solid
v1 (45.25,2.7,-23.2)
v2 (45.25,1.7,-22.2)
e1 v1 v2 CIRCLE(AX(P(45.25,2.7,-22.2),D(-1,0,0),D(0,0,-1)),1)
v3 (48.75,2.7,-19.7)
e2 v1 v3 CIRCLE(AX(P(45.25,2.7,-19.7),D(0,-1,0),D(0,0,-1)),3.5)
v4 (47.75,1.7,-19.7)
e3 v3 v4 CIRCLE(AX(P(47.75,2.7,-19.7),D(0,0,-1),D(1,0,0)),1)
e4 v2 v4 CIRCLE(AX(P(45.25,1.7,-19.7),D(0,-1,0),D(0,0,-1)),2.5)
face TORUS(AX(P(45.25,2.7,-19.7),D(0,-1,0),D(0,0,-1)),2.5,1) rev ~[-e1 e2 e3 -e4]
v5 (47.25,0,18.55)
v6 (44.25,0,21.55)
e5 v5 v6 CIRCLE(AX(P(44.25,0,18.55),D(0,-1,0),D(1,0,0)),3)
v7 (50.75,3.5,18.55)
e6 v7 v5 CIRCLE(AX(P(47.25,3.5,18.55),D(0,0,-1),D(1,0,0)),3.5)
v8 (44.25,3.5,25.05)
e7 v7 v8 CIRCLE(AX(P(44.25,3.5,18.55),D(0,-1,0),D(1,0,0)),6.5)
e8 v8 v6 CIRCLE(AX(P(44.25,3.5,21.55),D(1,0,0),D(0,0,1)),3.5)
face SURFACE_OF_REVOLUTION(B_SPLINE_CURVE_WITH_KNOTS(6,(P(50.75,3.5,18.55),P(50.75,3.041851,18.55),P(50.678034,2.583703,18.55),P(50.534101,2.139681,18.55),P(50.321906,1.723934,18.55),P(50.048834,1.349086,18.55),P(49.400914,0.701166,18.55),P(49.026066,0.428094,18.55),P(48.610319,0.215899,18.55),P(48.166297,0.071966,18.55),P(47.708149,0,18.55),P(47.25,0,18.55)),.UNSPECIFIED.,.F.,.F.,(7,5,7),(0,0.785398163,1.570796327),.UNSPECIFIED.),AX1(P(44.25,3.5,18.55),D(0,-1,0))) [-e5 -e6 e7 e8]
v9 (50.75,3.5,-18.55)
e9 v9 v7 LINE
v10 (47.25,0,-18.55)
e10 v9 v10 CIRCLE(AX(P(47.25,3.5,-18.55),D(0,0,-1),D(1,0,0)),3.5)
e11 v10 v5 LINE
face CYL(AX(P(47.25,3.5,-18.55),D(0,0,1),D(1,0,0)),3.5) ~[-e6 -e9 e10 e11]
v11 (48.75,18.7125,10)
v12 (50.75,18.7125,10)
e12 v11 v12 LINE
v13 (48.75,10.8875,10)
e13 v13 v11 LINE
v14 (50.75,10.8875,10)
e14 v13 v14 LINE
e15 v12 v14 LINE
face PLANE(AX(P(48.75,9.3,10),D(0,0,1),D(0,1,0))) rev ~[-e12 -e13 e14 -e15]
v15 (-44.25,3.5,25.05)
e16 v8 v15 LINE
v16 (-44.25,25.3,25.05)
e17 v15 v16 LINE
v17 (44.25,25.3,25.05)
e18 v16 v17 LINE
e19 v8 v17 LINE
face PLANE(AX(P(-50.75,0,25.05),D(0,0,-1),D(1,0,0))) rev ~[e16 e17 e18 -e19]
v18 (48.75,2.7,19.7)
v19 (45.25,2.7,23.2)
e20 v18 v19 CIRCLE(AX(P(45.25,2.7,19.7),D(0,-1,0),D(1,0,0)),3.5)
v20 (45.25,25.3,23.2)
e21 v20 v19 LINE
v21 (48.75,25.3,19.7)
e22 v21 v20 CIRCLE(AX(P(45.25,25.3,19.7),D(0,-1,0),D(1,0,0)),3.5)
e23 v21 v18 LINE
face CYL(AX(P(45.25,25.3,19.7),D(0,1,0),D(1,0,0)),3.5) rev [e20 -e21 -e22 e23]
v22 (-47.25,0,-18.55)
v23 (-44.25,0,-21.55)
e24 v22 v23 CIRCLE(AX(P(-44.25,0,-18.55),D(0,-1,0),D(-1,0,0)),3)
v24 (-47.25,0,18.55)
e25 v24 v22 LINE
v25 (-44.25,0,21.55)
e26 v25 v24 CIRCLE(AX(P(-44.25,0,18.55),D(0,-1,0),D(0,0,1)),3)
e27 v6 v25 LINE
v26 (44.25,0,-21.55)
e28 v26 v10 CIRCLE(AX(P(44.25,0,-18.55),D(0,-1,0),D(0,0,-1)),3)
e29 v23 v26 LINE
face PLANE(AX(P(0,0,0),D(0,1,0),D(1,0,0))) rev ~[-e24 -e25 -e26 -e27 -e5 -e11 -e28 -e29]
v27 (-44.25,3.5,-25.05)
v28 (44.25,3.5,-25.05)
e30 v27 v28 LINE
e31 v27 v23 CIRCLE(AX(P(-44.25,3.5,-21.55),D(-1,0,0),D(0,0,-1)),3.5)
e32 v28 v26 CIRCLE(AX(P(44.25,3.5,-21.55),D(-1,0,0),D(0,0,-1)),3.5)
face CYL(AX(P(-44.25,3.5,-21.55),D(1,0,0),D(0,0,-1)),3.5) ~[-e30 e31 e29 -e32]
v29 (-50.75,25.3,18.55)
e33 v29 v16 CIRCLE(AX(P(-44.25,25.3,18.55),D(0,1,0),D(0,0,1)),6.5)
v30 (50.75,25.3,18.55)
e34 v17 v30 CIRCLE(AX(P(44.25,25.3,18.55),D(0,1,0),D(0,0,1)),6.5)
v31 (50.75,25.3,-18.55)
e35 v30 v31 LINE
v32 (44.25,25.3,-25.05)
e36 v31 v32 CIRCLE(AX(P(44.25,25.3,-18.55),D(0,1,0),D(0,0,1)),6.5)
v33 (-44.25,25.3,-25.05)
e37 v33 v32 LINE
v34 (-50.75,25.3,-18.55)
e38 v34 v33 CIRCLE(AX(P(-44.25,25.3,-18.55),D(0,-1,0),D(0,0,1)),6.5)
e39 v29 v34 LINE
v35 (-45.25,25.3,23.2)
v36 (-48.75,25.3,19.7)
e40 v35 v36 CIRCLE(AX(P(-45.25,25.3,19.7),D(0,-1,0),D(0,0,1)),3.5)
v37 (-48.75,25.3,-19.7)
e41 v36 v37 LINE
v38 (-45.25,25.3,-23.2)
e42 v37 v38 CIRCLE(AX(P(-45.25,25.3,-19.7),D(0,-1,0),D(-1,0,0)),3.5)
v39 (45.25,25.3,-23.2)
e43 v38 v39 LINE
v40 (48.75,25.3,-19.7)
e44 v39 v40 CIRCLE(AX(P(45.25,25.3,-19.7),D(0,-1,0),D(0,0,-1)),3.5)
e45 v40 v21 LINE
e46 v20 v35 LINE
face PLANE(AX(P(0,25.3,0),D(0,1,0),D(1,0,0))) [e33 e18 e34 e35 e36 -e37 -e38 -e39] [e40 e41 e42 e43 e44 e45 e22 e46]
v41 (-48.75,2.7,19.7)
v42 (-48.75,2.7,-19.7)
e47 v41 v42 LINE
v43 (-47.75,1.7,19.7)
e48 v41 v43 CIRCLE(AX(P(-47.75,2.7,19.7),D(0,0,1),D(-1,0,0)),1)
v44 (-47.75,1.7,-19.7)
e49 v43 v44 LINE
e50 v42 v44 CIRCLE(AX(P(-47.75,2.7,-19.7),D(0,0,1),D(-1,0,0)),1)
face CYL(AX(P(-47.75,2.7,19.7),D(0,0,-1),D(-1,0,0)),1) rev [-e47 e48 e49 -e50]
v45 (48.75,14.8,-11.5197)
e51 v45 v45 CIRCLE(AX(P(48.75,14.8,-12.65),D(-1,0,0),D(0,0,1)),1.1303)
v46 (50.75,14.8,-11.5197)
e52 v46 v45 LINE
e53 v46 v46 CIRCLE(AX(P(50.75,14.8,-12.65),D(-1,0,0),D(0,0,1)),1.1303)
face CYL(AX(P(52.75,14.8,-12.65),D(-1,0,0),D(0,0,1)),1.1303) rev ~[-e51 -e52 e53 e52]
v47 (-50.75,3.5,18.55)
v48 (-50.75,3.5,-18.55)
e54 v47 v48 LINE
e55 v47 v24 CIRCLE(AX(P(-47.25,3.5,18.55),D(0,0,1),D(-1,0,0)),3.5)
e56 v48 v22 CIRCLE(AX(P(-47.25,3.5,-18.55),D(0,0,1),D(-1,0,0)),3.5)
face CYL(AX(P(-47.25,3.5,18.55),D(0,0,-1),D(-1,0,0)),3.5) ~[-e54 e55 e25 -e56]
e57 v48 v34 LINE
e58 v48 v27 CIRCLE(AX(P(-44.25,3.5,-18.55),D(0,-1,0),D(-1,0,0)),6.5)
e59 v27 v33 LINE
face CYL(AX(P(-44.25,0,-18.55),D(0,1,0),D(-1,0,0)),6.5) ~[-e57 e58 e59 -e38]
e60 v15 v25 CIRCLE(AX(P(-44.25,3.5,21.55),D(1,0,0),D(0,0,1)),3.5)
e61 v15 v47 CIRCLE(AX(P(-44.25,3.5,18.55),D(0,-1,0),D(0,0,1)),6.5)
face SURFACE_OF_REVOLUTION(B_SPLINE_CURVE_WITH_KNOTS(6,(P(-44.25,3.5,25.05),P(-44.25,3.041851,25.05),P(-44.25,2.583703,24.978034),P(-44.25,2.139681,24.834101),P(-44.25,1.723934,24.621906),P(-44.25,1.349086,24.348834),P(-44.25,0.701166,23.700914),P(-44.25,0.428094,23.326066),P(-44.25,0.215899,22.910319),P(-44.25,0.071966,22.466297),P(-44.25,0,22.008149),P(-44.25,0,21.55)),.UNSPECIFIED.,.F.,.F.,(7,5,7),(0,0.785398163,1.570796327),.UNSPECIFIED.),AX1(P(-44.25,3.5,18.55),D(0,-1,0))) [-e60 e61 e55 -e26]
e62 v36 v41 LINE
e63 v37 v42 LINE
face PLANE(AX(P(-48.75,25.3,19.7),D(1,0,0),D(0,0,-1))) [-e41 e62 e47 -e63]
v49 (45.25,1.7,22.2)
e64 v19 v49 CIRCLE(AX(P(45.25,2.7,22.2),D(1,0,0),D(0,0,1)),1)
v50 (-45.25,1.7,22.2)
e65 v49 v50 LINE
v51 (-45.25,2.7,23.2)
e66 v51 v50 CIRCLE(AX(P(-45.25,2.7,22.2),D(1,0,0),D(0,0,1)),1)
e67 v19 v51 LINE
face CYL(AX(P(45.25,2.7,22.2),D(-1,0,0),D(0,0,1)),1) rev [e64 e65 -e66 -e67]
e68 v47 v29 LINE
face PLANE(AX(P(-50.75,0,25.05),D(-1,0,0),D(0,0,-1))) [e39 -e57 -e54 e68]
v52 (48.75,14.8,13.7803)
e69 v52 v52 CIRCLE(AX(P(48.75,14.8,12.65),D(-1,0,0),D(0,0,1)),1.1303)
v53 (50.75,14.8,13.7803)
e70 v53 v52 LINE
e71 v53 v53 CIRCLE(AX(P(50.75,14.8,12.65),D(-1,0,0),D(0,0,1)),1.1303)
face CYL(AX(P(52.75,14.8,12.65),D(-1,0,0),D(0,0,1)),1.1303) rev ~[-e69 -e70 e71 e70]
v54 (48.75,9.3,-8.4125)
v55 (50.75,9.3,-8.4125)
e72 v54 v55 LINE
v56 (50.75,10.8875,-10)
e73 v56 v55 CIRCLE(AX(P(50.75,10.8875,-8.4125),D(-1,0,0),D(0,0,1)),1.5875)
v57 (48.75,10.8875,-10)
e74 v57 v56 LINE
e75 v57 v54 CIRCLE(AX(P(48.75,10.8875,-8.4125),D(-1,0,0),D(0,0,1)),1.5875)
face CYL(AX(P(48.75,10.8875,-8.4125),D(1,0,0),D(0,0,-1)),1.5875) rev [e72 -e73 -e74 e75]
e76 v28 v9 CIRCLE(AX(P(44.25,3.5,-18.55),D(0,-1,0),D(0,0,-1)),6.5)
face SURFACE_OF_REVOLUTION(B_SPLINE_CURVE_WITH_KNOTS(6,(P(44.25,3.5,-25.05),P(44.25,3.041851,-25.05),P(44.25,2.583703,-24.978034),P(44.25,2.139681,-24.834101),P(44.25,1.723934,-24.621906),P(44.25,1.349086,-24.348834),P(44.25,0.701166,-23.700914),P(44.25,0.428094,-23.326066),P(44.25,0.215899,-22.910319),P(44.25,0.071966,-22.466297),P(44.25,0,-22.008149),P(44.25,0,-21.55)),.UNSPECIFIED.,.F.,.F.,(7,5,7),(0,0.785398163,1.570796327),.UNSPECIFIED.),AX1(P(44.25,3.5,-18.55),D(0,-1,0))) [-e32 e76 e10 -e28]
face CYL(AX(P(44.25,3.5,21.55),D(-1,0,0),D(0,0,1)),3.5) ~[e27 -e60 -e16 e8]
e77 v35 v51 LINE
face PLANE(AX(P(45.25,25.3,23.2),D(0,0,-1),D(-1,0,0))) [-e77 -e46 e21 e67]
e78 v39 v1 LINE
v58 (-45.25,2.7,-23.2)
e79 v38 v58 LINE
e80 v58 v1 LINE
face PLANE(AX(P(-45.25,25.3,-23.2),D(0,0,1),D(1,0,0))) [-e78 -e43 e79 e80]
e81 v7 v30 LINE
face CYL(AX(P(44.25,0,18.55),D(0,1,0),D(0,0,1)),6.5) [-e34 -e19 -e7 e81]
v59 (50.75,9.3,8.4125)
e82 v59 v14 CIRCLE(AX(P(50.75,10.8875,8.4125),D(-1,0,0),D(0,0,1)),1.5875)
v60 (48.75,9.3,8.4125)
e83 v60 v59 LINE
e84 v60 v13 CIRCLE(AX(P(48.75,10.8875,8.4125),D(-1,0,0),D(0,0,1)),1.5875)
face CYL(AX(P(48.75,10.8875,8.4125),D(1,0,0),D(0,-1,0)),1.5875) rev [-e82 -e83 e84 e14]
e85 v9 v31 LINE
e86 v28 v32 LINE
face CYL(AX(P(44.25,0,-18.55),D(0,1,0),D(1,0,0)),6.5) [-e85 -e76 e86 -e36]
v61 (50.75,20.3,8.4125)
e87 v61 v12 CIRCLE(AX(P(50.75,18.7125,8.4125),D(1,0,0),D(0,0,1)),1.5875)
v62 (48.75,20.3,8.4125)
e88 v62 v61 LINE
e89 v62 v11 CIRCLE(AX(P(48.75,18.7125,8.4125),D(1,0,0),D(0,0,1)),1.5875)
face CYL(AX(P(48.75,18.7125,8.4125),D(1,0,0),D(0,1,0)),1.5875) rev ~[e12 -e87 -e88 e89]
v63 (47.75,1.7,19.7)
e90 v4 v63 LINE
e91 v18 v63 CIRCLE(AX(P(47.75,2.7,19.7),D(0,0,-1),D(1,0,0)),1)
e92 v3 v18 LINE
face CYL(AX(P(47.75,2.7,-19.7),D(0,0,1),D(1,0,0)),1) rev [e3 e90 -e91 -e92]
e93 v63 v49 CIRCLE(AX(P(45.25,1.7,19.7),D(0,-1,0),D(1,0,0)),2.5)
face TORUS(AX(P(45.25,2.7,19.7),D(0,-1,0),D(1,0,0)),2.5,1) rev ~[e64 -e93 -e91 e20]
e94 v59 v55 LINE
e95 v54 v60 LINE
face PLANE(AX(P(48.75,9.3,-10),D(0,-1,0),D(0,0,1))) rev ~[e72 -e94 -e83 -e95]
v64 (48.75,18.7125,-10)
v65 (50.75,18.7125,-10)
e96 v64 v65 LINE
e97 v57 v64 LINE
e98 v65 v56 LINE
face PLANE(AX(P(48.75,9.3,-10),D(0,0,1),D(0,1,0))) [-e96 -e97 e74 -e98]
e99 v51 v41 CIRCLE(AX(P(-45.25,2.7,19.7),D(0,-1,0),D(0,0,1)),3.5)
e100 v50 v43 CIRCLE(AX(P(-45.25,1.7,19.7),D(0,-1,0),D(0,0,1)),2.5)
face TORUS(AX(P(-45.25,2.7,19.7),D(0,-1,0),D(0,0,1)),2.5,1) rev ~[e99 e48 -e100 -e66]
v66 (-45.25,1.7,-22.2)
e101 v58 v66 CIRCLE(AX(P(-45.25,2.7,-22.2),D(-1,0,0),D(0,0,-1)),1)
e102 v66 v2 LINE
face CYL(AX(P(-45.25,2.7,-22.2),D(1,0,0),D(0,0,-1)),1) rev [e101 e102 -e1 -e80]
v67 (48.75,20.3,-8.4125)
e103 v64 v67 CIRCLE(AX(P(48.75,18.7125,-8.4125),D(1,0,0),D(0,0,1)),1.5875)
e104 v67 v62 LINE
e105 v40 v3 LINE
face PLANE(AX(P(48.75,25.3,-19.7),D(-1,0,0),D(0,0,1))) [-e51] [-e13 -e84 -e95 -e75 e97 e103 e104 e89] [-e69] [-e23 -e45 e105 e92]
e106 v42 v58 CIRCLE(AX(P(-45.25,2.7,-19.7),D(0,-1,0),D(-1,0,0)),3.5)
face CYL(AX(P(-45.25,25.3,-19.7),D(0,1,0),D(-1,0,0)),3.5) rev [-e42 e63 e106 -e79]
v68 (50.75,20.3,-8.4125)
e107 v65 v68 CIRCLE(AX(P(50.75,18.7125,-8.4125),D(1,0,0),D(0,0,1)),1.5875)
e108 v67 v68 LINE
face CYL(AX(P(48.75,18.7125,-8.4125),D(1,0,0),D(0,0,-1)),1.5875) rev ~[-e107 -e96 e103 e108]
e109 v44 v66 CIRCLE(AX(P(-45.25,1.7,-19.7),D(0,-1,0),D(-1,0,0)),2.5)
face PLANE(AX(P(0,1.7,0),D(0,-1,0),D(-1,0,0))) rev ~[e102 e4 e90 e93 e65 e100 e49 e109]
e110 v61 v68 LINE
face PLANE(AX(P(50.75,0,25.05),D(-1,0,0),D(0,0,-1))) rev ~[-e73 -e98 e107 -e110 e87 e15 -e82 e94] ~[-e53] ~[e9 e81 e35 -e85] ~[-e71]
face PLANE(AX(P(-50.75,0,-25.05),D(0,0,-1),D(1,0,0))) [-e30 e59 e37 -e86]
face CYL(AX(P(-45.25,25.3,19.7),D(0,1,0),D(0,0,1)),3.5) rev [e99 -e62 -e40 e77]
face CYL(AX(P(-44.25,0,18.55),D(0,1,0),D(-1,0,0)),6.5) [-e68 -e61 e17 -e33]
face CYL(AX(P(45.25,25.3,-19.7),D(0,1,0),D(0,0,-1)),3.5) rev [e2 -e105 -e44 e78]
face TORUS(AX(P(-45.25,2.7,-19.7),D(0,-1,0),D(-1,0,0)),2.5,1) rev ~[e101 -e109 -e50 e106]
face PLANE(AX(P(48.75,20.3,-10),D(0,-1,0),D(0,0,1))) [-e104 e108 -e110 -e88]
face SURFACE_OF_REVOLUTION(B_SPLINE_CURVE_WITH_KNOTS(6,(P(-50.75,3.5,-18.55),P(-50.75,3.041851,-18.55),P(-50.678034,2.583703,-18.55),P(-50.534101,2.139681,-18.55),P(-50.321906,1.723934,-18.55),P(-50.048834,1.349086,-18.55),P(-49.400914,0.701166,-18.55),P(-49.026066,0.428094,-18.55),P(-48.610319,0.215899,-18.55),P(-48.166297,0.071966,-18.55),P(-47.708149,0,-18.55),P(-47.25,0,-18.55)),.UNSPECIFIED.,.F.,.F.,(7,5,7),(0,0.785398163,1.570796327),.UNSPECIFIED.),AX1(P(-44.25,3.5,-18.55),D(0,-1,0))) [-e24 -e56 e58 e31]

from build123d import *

# Parameters (mm, degrees)
SKETCH1_W                     = 101.5
SKETCH1_H                     = 50.1
BOSS_EXTRUDE1_DEPTH           = 25.3
FILLET1_R                     = 6.5
FILLET2_R                     = 3.5
CUT_EXTRUDE1_DEPTH            = 23.6
FILLET3_R                     = 1
CUT_EXTRUDE2_REACH            = 107.678
SKETCH3_W                     = 20
SKETCH3_H                     = 11
TAP_DRILL_FOR_4_40_TAP1_D     = 2.2606
TAP_DRILL_FOR_4_40_TAP1_DEPTH = 2
F_1_8_END_MILL_R              = 1.5875


with BuildPart() as part:
    # Sketch1 → Boss-Extrude1 (new body)
    with BuildSketch(Plane(origin=(0, 0, 0), x_dir=(1, 0, 0), z_dir=(0, 1, 0))):
        Rectangle(SKETCH1_W, SKETCH1_H)
    extrude(amount=BOSS_EXTRUDE1_DEPTH)

    # Fillet1
    fillet1_edges = [part.edges().sort_by_distance(p)[0] for p in [
        (50.75, 12.65, 25.05),
        (-50.75, 12.65, 25.05),
        (-50.75, 12.65, -25.05),
        (50.75, 12.65, -25.05),
    ]]
    fillet(fillet1_edges, radius=FILLET1_R)

    # Fillet2
    fillet2_edges = [part.edges().sort_by_distance(p)[0] for p in [
        (-50.75, 0, 0),
        (50.75, 0, 0),
        (0, 0, 25.05),
        (0, 0, -25.05),
        (48.846194078, 0, 23.146194078),
        (-48.846194078, 0, 23.146194078),
        (48.846194078, 0, -23.146194078),
        (-48.846194078, 0, -23.146194078),
    ]]
    fillet(fillet2_edges, radius=FILLET2_R)

    # Sketch2 → Cut-Extrude1 (cut)
    with BuildSketch(Plane(origin=(0, 25.3, 0), x_dir=(1, 0, 0), z_dir=(0, 1, 0))):
        with BuildLine():
            Line((-45.25, 23.2), (45.25, 23.2))
            ThreePointArc((45.25, 23.2), (47.724873734, 22.174873734), (48.75, 19.7))
            Line((48.75, 19.7), (48.75, -19.7))
            ThreePointArc((48.75, -19.7), (47.724873734, -22.174873734), (45.25, -23.2))
            Line((45.25, -23.2), (-45.25, -23.2))
            ThreePointArc((-45.25, -23.2), (-47.724873734, -22.174873734), (-48.75, -19.7))
            Line((-48.75, -19.7), (-48.75, 19.7))
            ThreePointArc((-48.75, 19.7), (-47.724873734, 22.174873734), (-45.25, 23.2))
        make_face()
    extrude(amount=-CUT_EXTRUDE1_DEPTH, mode=Mode.SUBTRACT)

    # Fillet3
    fillet3_edges = [part.edges().sort_by_distance(p)[0] for p in [
        (47.724873734, 1.7, -22.174873734),
        (48.75, 1.7, 0),
        (47.724873734, 1.7, 22.174873734),
        (0, 1.7, 23.2),
        (-47.724873734, 1.7, 22.174873734),
        (-48.75, 1.7, 0),
        (-47.724873734, 1.7, -22.174873734),
        (0, 1.7, -23.2),
    ]]
    fillet(fillet3_edges, radius=FILLET3_R)

    # Sketch3 → Cut-Extrude2 (cut, up to next)
    with BuildSketch(Plane.ZY.offset(-48.75), mode=Mode.PRIVATE) as cut_extrude2_sk1:
        with Locations((0, 14.8)):
            Rectangle(SKETCH3_W, SKETCH3_H)
    cut_extrude2_tool1 = extrude(cut_extrude2_sk1.sketch, amount=-CUT_EXTRUDE2_REACH, mode=Mode.PRIVATE) & part.part
    add(cut_extrude2_tool1.solids().sort_by_distance((48.75, 14.8, 0))[0], mode=Mode.SUBTRACT)

    # Tap Drill for #4-40 Tap1
    with Locations(Plane(origin=(50.75, 0, 0), x_dir=(0, 0, -1), z_dir=(1, 0, 0))):
        with Locations((-12.65, 14.8), (12.65, 14.8)):
            Hole(TAP_DRILL_FOR_4_40_TAP1_D / 2, depth=TAP_DRILL_FOR_4_40_TAP1_DEPTH)

    # 1/8" end mill
    f_1_8_end_mill_edges = [part.edges().sort_by_distance(p)[0] for p in [
        (49.75, 20.3, -10),
        (49.75, 20.3, 10),
        (49.75, 9.3, 10),
        (49.75, 9.3, -10),
    ]]
    fillet(f_1_8_end_mill_edges, radius=F_1_8_END_MILL_R)


solid = part.part
